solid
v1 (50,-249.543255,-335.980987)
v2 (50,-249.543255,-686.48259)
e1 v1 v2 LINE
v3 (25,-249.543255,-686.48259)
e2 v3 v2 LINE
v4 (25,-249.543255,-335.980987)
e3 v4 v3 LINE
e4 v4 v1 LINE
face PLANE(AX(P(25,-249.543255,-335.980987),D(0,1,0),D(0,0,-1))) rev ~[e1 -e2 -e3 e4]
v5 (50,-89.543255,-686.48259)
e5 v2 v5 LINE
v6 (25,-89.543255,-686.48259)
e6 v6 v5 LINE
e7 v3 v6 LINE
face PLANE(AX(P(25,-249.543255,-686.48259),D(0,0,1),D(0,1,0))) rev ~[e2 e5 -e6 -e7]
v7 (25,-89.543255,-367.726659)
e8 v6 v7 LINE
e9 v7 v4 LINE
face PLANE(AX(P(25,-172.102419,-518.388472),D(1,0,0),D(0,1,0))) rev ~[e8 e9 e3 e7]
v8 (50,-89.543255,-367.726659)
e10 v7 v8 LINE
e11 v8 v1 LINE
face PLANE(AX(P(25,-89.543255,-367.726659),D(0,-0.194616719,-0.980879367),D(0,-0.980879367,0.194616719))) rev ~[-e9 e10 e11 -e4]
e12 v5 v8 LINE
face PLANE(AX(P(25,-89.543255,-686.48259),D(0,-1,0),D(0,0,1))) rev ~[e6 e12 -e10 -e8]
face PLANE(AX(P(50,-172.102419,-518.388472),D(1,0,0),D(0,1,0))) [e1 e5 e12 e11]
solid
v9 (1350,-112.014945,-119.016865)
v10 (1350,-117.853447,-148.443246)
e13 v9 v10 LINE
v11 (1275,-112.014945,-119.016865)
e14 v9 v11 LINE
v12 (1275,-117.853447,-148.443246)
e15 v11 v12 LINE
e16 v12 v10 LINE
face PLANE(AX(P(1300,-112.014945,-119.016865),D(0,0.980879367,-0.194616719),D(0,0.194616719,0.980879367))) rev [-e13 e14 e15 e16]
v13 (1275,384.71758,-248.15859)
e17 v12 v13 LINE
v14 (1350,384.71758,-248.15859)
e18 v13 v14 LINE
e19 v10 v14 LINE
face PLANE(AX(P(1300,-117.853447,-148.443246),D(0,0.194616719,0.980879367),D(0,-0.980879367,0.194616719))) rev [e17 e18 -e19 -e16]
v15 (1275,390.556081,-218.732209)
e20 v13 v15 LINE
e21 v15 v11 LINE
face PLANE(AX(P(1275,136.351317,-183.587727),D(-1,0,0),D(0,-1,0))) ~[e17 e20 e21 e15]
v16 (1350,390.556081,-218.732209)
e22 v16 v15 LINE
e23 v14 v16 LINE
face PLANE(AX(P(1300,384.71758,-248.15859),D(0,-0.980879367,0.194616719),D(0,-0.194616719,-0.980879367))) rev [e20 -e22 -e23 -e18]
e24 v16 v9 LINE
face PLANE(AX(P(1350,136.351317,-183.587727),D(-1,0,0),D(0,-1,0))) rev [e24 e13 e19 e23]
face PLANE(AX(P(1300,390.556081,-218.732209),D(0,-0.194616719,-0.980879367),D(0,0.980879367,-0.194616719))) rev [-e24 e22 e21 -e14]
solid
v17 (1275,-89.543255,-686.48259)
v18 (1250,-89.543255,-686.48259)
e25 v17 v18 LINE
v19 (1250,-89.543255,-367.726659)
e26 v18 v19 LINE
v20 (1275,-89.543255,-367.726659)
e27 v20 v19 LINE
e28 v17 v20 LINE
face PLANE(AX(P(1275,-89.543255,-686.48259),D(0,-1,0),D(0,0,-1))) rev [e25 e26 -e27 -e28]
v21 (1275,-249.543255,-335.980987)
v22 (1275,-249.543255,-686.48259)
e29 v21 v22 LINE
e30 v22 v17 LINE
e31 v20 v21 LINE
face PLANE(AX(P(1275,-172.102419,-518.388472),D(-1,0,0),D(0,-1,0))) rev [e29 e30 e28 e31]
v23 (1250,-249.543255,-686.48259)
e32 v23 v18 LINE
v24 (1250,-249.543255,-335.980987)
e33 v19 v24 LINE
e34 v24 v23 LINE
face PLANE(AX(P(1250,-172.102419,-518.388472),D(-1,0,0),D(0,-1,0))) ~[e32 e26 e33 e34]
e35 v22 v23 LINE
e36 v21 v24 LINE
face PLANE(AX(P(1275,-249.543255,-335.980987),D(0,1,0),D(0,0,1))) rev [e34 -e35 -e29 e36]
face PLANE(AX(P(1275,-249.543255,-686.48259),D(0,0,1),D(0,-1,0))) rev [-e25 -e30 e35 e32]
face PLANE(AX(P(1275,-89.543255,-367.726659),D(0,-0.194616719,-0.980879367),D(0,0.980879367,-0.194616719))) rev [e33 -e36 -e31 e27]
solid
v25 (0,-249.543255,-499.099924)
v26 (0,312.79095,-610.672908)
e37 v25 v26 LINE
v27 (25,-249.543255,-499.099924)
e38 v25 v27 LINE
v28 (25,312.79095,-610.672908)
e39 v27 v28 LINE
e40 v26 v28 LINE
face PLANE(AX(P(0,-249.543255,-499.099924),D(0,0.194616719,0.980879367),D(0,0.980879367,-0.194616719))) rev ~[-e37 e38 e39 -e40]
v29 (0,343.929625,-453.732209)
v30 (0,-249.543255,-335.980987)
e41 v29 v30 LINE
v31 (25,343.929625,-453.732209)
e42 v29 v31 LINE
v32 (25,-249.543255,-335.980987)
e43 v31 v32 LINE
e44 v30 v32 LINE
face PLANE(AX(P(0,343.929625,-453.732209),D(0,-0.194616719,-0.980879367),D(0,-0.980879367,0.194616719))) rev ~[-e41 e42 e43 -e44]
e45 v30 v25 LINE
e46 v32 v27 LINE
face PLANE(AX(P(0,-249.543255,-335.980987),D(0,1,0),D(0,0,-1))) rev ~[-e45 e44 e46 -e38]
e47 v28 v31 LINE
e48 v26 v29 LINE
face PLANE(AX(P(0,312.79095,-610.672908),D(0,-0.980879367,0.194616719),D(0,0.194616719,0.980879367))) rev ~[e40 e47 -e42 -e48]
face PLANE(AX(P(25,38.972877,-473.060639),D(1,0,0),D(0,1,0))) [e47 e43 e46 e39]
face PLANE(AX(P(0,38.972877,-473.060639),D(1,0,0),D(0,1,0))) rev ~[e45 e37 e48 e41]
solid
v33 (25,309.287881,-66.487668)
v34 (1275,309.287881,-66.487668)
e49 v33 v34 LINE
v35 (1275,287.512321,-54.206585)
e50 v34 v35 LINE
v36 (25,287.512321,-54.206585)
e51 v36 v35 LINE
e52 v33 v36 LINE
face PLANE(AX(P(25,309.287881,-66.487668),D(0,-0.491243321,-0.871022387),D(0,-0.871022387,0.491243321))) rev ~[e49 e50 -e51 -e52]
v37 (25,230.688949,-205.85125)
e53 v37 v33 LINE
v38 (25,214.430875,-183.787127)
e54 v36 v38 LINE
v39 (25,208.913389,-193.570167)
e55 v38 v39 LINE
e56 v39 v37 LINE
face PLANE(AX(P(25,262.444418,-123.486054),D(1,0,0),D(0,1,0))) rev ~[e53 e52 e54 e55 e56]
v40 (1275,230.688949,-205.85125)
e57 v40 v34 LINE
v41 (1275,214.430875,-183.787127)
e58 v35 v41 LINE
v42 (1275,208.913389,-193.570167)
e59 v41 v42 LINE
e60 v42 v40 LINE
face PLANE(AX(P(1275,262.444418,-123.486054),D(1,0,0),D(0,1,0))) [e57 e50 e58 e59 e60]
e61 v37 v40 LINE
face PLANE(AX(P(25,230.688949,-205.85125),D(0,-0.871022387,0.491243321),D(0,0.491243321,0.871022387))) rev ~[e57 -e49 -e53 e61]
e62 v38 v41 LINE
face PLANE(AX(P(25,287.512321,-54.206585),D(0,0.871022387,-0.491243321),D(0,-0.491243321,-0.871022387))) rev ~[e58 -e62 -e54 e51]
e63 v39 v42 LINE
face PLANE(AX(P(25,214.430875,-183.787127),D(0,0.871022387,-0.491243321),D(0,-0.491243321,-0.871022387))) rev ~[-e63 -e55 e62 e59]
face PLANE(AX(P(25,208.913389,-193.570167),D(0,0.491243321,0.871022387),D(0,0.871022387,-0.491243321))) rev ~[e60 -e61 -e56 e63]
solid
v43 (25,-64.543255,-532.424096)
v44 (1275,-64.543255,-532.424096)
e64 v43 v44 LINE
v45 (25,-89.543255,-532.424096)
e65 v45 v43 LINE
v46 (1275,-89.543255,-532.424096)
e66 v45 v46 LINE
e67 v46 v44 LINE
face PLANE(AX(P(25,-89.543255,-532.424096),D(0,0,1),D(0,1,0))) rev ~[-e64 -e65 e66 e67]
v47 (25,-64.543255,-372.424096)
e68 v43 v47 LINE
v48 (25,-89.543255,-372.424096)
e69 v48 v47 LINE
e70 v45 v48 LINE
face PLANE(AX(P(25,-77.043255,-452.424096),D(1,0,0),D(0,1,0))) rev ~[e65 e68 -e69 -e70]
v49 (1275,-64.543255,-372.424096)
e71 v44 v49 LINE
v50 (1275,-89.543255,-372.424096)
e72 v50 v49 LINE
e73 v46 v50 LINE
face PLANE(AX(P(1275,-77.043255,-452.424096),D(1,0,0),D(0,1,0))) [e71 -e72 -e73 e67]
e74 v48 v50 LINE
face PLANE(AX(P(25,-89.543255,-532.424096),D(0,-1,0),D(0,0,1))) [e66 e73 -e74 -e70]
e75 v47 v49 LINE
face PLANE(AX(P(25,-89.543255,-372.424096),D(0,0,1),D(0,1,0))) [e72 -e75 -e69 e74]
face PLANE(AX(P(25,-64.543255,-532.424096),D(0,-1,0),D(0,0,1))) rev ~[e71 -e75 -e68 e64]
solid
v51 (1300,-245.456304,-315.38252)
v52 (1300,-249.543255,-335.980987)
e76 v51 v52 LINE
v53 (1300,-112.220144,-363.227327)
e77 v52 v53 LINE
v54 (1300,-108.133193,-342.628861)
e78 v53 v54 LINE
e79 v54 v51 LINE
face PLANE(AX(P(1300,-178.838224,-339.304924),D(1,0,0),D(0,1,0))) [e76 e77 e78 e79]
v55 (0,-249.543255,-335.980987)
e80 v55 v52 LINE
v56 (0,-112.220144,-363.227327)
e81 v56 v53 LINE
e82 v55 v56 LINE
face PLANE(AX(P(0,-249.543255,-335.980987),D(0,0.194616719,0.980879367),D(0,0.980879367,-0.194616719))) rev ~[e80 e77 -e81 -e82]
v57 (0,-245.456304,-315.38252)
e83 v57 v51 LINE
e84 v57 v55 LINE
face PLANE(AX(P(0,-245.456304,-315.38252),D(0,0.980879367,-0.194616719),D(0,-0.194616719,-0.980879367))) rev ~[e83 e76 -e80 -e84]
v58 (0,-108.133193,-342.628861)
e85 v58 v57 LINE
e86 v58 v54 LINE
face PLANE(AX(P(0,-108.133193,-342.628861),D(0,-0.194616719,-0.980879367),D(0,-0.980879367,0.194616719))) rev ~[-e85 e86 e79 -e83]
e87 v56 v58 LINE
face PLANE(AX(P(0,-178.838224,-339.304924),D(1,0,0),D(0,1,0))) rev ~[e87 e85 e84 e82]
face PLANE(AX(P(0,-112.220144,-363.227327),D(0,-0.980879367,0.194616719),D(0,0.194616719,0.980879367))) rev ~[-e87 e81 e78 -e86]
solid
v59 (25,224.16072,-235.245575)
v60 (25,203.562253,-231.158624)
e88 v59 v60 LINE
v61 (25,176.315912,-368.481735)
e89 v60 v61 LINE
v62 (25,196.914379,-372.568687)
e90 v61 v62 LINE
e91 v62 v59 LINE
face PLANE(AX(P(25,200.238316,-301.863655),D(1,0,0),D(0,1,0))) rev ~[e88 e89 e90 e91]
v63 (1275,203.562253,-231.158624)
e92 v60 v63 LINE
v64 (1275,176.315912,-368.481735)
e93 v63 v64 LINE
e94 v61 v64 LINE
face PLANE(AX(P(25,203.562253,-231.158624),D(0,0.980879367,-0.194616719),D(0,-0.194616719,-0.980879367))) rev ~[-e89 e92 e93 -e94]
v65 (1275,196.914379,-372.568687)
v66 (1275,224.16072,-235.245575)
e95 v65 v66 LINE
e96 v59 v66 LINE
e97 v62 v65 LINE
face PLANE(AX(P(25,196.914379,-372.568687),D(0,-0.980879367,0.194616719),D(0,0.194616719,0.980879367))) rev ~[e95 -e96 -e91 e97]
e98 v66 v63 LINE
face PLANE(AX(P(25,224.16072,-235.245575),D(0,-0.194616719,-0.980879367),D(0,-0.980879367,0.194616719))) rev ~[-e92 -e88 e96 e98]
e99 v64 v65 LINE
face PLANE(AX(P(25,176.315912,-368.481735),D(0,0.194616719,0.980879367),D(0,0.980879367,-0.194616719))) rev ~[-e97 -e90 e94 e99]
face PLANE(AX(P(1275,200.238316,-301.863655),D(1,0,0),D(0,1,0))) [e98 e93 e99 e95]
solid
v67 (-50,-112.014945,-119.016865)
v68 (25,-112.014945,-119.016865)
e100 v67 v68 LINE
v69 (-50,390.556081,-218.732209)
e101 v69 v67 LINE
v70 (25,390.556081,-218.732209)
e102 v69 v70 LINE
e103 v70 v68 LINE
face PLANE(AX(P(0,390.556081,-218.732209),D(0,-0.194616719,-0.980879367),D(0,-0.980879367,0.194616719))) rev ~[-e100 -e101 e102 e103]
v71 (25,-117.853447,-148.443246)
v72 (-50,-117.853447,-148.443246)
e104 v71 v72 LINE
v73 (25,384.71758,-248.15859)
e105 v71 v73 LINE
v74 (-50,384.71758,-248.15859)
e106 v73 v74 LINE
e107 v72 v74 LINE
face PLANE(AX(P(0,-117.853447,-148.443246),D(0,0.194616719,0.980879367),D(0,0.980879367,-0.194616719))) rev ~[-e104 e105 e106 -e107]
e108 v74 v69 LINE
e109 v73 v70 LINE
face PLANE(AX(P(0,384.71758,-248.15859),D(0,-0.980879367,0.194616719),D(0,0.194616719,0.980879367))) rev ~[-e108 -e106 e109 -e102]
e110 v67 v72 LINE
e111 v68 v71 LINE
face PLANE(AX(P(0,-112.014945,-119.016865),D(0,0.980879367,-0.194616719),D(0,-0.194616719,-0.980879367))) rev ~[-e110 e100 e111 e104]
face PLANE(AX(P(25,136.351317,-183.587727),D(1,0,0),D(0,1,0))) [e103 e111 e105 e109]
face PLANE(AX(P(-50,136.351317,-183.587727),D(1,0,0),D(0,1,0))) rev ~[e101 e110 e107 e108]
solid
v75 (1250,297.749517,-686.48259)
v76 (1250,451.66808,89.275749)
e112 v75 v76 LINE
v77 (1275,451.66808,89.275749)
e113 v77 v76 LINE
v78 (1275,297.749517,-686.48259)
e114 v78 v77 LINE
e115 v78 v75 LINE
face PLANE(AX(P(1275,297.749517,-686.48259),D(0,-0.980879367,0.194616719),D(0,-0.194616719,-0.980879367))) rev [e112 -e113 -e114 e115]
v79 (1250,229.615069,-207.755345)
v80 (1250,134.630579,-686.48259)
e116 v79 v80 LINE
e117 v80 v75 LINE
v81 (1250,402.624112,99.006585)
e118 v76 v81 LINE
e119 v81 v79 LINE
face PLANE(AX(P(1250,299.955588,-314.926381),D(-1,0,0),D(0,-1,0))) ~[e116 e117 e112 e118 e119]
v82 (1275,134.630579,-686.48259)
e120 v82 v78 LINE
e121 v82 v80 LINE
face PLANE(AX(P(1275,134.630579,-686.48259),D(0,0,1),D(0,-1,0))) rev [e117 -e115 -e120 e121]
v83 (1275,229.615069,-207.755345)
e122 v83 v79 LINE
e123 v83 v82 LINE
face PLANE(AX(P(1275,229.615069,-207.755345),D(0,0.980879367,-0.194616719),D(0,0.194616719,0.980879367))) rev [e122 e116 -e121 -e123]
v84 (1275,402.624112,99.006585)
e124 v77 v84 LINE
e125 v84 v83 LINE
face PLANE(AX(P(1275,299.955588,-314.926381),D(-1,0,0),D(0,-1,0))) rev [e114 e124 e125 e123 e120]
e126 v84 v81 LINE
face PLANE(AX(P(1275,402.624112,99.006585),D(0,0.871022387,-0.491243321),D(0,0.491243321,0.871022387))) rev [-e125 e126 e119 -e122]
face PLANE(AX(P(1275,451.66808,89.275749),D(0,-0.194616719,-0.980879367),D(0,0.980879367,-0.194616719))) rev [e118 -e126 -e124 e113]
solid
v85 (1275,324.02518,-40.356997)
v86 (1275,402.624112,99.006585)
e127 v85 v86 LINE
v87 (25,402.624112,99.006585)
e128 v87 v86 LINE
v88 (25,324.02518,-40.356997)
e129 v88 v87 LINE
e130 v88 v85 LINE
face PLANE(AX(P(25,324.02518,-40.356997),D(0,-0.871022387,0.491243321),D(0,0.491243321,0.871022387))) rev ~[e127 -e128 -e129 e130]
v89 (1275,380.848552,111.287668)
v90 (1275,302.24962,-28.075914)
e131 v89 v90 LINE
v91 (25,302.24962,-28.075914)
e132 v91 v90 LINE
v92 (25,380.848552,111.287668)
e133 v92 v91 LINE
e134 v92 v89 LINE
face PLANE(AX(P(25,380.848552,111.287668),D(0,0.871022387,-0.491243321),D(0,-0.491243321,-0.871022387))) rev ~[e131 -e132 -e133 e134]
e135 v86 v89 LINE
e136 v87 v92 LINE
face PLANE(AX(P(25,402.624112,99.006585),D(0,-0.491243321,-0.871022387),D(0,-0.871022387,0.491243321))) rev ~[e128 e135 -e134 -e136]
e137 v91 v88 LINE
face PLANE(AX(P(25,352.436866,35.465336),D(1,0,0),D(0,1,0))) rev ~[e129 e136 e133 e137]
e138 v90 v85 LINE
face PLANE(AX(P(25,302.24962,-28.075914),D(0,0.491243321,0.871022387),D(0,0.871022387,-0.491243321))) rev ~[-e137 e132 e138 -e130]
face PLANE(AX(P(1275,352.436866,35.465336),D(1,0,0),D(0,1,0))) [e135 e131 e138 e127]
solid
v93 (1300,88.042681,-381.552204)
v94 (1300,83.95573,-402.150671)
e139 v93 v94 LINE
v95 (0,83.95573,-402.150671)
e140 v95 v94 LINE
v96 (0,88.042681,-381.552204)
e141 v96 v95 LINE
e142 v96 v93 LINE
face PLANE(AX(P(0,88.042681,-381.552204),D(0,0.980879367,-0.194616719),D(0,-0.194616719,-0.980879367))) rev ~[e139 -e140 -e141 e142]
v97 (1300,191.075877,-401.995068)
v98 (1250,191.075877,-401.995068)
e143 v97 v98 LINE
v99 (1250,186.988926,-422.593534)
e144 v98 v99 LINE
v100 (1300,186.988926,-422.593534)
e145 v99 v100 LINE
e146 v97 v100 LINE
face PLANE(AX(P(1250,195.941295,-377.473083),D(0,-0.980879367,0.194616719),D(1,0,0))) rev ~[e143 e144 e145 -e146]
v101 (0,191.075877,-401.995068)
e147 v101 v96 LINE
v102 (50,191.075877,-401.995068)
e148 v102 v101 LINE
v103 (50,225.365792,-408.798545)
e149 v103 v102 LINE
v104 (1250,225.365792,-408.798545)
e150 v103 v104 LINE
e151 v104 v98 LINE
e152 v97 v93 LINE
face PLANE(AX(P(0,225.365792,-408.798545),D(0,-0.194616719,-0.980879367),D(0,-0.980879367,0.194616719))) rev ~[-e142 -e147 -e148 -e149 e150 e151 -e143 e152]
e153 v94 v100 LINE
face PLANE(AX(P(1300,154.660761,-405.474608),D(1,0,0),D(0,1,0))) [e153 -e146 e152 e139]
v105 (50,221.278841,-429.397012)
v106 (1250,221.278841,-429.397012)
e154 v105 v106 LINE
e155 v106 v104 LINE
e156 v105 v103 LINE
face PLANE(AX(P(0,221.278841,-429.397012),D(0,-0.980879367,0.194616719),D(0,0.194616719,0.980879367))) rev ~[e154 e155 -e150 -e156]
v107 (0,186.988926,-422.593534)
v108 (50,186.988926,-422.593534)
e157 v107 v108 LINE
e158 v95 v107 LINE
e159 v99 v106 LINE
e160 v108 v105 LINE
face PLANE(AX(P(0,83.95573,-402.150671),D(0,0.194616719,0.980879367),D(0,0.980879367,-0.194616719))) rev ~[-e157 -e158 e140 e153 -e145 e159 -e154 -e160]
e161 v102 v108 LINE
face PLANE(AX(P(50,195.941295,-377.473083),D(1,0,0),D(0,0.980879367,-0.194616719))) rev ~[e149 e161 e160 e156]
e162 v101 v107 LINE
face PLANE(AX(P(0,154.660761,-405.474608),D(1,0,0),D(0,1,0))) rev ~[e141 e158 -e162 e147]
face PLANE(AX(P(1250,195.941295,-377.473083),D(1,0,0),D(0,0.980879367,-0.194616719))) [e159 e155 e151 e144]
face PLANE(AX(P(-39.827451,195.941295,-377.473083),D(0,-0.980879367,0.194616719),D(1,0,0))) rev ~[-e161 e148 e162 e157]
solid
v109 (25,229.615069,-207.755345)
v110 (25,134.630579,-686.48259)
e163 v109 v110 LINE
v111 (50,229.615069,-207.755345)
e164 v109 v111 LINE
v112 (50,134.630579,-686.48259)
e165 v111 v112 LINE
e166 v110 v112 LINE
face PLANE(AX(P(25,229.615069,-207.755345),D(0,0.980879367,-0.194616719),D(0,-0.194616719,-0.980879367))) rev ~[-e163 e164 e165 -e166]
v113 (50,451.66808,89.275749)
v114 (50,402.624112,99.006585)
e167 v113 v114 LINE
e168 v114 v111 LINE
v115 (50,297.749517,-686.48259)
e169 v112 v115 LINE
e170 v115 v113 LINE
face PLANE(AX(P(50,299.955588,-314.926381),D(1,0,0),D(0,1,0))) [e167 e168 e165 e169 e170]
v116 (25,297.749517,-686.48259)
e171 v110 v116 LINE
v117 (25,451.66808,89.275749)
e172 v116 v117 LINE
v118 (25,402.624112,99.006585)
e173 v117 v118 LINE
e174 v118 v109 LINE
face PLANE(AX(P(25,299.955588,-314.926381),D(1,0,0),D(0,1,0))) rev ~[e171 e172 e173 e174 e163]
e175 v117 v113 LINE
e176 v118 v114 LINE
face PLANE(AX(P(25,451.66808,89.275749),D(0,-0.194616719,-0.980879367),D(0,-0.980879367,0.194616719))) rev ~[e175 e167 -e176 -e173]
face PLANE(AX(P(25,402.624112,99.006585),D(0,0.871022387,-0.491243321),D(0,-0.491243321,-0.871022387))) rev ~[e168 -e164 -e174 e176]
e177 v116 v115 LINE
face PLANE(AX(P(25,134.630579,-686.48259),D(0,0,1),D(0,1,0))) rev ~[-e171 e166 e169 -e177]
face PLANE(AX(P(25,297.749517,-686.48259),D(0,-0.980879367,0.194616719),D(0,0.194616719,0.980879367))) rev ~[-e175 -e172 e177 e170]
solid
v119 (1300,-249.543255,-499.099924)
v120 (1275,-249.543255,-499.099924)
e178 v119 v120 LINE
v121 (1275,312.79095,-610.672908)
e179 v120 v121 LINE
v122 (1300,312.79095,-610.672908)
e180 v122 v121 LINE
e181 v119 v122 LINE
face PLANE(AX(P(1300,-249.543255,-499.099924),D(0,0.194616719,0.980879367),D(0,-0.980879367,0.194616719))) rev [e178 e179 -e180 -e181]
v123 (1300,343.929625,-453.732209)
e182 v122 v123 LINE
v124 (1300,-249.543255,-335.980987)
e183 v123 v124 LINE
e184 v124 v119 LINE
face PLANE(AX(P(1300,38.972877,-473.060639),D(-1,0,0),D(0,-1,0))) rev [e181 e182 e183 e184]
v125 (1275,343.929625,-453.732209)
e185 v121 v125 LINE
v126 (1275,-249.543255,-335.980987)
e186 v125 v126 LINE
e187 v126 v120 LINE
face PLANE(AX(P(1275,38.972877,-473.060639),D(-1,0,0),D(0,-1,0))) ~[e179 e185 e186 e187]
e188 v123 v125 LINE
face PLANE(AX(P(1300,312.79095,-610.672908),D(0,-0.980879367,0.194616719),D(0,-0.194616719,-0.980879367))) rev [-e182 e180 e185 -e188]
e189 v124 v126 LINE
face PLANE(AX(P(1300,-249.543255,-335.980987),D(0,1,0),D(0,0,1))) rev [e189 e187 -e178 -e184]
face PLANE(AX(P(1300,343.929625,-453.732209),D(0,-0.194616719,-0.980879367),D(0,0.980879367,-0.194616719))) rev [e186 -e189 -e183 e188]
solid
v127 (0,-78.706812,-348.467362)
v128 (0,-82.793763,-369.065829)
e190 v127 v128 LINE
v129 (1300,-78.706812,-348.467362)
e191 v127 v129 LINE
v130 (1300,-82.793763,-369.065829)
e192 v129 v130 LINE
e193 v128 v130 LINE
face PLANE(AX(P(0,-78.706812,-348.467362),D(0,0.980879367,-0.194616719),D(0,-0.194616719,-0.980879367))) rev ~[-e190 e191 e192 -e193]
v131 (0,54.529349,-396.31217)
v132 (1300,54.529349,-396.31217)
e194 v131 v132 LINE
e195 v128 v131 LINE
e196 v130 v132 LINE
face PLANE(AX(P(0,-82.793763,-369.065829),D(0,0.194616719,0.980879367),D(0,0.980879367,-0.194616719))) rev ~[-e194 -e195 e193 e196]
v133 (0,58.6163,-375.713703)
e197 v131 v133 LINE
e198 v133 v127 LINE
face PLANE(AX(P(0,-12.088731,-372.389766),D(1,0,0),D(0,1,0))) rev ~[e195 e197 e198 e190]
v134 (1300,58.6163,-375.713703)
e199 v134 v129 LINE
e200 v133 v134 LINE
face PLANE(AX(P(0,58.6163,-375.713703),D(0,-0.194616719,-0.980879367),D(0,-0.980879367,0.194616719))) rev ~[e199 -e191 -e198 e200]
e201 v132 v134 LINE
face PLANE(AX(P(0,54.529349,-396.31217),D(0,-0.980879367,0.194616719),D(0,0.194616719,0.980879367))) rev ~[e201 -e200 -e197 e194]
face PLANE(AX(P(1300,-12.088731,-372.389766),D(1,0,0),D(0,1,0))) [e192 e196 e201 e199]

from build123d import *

# Parameters (mm, degrees)
F2_DEPTH       = 1300
F4_DEPTH       = 1300
F6_DEPTH       = 1300
F8_START       = 25
F8_DEPTH       = 1250
F9_START       = 25
F9_DEPTH       = 1250
F10_START      = 25
F10_DEPTH      = 1250
F12_DEPTH      = 25
F14_DEPTH      = 50
F14_DEPTH_BACK = 25
F16_START      = 25
F16_DEPTH      = 25
F18_START      = 25
F18_DEPTH      = 25
F20_START      = 25
F19_W          = 25
F19_H          = 160
F20_DEPTH      = 1250
F24_W          = 89.8274511099
F24_H          = 184.4890600207
F24_W_2        = 136.3316774368
F24_H_2        = 224.5015686514
F25_DEPTH      = 389.8007907773


with BuildPart() as f2:
    # F1 (on Right) → F2 (new body)
    with BuildSketch(Plane.YZ):
        Polygon((-108.1331925128, -342.6288606187), (-245.456303894, -315.3825199362), (-249.5432549964, -335.9809866434), (-112.2201436151, -363.2273273258), align=None)
    extrude(amount=F2_DEPTH)


with BuildPart() as f4:
    # F3 (on Right) → F4 (new body)
    with BuildSketch(Plane.YZ):
        Polygon((-78.7068115025, -348.4673621935), (-82.7937626049, -369.0658289006), (54.5293487763, -396.312169583), (58.6162998787, -375.7137028759), align=None)
    extrude(amount=F4_DEPTH)


with BuildPart() as f6:
    # F5 (on Right) → F6 (new body)
    with BuildSketch(Plane.YZ):
        Polygon((225.3657922702, -408.7985451331), (88.042680889, -381.5522044507), (83.9557297866, -402.1506711578), (221.2788411678, -429.3970118403), align=None)
    extrude(amount=F6_DEPTH)

    # F24 (on offset) → F25 (cut, through all)
    with BuildSketch(Plane(origin=(0, -64.6365148408, -325.7717221639), x_dir=(1, 0, 0), z_dir=(0, 0.1946167192, 0.980879367))):
        with Locations((5.0862744451, 357.9018768786)):
            Rectangle(F24_W, F24_H)
        with Locations((1318.1658387184, 377.908131194)):
            Rectangle(F24_W_2, F24_H_2)
    extrude(amount=-F25_DEPTH, mode=Mode.SUBTRACT)


with BuildPart() as f8:
    # F7 (on Right) → F8 (new body)
    with BuildSketch(Plane.YZ.offset(F8_START)):
        Polygon((196.9143789924, -372.5686865971), (224.1607196748, -235.2455752159), (203.5622529677, -231.1586241135), (176.3159122852, -368.4817354947), align=None)
    extrude(amount=F8_DEPTH)


with BuildPart() as f9:
    # F0 (on Right) → F9 (new body)
    with BuildSketch(Plane.YZ.offset(F9_START)):
        Polygon((214.4308745378, -183.7871273715), (240.2442488743, -188.9087706569), (309.2878805275, -66.4876683337), (287.5123208411, -54.2065853055), align=None)
        Polygon((230.6889491473, -205.8512503266), (240.2442488743, -188.9087706569), (214.4308745378, -183.7871273715), (208.9133894609, -193.5701672984), align=None)
    extrude(amount=F9_DEPTH)


with BuildPart() as f10:
    # F0 (on Right) → F10 (new body)
    with BuildSketch(Plane.YZ.offset(F10_START)):
        Polygon((324.0251801613, -40.35699671), (402.6241115415, 99.0065852829), (380.8485518551, 111.287668311), (302.2496204749, -28.0759136819), align=None)
    extrude(amount=F10_DEPTH)


with BuildPart() as f12:
    # F11 (on Right) → F12 (new body)
    with BuildSketch(Plane.YZ):
        Polygon((-249.5432549964, -499.0999239781), (312.790949971, -610.6729081015), (343.9296250367, -453.7322093802), (-249.5432549964, -335.9809866434), align=None)
    extrude(amount=F12_DEPTH)


with BuildPart() as f14:
    # F13 (on Right) → F14 (new body, two sides)
    with BuildSketch(Plane.YZ) as f14_sk:
        Polygon((384.7175798243, -248.1585903904), (390.5560813991, -218.7322093802), (-112.0149452349, -119.0168645191), (-117.8534468097, -148.4432455293), align=None)
    extrude(amount=-F14_DEPTH)
    extrude(f14_sk.sketch, amount=F14_DEPTH_BACK)


with BuildPart() as f16:
    # F15 (on Right) → F16 (new body)
    with BuildSketch(Plane.YZ.offset(F16_START)):
        Polygon((-249.5432549964, -335.9809866434), (-249.5432549964, -686.4825899402), (-89.5432549964, -686.4825899402), (-89.5432549964, -367.7266590604), align=None)
    extrude(amount=F16_DEPTH)


with BuildPart() as f18:
    # F17 (on Right) → F18 (new body)
    with BuildSketch(Plane.YZ.offset(F18_START)):
        Polygon((134.6305793508, -686.4825899402), (297.7495166855, -686.4825899402), (451.668079892, 89.2757493249), (402.6241115415, 99.0065852829), (229.6150686164, -207.7553453924), align=None)
    extrude(amount=F18_DEPTH)


with BuildPart() as f20:
    # F19 (on Right) → F20 (new body)
    with BuildSketch(Plane.YZ.offset(F20_START)):
        with Locations((-77.0432549964, -452.4240958691)):
            Rectangle(F19_W, F19_H)
    extrude(amount=F20_DEPTH)


with BuildPart() as f22_1:
    # F22: instance of F18
    add(f18.part.mirror(Plane.YZ.offset(650)))


with BuildPart() as f22_2:
    # F22: instance of F16
    add(f16.part.mirror(Plane.YZ.offset(650)))


with BuildPart() as f22_3:
    # F22: instance of F12
    add(f12.part.mirror(Plane.YZ.offset(650)))


with BuildPart() as f22_4:
    # F22: instance of F14
    add(f14.part.mirror(Plane.YZ.offset(650)))


solid = Compound([f2.part, f4.part, f6.part, f8.part, f9.part, f10.part, f12.part, f14.part, f16.part, f18.part, f20.part, f22_1.part, f22_2.part, f22_3.part, f22_4.part])
